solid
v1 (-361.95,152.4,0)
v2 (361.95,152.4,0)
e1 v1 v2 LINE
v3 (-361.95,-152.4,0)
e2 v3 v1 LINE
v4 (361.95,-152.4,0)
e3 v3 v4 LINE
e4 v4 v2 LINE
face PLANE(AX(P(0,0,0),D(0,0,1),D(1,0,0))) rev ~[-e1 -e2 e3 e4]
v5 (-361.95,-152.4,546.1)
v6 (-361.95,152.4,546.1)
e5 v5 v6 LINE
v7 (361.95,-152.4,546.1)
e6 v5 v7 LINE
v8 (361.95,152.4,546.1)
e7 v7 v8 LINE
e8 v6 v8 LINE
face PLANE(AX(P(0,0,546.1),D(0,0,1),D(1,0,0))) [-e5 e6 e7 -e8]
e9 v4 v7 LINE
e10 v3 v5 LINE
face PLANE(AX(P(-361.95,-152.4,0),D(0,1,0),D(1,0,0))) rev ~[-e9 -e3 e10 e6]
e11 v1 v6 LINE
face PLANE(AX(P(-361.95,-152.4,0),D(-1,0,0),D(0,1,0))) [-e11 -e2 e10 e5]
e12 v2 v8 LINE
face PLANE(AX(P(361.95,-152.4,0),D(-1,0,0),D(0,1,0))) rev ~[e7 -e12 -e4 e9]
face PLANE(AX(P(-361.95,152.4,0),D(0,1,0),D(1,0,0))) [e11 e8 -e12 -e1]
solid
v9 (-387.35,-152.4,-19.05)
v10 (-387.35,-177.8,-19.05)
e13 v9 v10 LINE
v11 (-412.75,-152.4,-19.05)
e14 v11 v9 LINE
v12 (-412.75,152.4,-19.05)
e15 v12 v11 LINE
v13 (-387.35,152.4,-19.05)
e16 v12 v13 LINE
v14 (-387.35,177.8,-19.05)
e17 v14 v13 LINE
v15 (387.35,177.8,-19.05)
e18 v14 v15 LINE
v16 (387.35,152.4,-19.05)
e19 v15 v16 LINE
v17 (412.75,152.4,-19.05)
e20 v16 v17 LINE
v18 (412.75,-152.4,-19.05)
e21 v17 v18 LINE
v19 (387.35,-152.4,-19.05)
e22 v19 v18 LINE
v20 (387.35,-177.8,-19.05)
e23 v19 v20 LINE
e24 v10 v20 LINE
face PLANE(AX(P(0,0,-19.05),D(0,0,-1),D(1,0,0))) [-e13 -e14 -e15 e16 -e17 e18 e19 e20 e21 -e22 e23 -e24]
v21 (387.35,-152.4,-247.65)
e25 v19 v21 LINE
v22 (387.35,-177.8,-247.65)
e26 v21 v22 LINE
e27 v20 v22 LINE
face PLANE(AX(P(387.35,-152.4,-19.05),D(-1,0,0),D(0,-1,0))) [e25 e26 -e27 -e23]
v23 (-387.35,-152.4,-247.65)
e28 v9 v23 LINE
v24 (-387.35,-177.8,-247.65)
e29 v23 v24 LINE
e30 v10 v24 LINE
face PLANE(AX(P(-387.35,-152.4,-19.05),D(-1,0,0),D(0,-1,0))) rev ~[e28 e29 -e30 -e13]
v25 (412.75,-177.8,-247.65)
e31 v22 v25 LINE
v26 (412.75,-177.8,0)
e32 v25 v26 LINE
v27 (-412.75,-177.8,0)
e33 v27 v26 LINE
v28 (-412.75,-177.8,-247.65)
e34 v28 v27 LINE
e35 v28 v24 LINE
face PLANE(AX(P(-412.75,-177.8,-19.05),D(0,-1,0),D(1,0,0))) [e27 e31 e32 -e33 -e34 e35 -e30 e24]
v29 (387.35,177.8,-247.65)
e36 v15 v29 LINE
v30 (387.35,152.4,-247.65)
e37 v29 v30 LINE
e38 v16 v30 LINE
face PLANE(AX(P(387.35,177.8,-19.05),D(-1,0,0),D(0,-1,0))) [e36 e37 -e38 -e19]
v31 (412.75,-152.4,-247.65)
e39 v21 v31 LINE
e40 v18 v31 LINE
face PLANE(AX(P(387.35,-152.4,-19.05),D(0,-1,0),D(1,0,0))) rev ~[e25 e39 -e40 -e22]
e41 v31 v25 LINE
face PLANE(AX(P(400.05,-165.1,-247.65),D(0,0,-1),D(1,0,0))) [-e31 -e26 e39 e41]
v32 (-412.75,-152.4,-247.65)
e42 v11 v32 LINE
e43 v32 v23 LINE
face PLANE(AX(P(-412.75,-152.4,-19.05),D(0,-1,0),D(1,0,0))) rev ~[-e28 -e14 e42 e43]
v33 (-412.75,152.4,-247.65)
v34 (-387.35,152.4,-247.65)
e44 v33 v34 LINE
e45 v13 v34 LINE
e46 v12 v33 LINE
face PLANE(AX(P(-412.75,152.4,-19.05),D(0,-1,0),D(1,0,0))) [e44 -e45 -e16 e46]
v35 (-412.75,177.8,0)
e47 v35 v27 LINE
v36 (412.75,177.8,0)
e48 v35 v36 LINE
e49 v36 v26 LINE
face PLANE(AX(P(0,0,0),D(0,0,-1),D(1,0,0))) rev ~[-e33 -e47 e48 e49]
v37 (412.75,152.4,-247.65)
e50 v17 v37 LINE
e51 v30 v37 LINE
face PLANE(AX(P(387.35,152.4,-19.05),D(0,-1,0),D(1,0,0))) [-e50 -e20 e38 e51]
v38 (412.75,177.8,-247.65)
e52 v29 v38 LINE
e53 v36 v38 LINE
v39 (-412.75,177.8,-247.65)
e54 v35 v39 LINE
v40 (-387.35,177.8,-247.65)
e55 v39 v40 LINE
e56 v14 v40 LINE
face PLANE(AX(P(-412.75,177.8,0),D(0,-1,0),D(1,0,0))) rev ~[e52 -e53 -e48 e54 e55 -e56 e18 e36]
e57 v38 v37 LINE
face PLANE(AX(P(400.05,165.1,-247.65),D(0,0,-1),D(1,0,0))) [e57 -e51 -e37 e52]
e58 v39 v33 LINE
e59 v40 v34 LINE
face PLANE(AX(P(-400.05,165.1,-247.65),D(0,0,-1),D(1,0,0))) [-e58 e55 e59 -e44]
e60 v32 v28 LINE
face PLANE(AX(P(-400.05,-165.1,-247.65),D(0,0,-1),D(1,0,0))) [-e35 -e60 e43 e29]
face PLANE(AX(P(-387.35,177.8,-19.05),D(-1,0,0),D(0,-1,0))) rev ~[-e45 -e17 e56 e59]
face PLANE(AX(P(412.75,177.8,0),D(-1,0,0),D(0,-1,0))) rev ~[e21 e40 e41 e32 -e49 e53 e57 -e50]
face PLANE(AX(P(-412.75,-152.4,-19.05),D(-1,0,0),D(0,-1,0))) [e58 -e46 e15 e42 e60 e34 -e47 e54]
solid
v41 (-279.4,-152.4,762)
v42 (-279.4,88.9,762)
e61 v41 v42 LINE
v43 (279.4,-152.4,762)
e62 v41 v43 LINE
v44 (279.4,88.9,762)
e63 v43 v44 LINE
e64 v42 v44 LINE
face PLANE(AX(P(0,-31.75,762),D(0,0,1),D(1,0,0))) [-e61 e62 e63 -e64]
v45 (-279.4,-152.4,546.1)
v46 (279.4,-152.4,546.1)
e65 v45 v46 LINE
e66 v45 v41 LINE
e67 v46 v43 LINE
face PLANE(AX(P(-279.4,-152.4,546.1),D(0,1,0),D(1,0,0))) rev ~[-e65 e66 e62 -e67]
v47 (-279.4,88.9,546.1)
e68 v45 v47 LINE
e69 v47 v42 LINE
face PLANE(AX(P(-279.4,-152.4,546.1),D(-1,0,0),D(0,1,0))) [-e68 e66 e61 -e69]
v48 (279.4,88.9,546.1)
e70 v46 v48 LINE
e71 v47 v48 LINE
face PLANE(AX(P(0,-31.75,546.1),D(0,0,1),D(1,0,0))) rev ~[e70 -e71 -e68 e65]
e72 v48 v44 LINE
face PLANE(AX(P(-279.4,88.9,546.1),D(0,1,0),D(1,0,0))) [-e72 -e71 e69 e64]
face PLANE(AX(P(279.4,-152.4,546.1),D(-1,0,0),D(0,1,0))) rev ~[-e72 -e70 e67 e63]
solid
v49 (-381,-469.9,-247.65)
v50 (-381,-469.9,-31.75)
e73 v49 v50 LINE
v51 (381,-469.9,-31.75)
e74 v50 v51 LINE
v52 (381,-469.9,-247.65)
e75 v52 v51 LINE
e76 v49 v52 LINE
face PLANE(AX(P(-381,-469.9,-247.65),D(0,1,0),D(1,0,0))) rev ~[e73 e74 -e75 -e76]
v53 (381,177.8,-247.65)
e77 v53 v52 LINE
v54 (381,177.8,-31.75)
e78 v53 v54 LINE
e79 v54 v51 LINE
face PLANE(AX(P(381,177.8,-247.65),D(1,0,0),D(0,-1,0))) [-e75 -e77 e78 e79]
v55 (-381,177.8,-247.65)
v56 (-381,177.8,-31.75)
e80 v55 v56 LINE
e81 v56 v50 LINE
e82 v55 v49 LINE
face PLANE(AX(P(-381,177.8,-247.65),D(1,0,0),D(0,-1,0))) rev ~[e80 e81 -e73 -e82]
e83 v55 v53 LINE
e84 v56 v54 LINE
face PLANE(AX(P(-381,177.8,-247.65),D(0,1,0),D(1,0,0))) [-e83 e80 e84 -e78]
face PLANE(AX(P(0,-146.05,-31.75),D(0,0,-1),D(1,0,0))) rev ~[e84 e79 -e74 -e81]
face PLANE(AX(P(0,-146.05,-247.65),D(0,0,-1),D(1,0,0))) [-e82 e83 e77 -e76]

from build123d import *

# Parameters (mm, degrees)
F0_W     = 723.9
F0_H     = 304.8
F1_DEPTH = 546.1
F2_W     = 558.8
F2_H     = 241.3
F3_DEPTH = 215.9
F4_W     = 825.5
F4_H     = 355.6
F5_DEPTH = 19.05
F6_W     = 25.4
F6_H     = 25.4
F7_DEPTH = 228.6
F8_W     = 762
F8_H     = 647.7
F9_DEPTH = 215.9


with BuildPart() as f1:
    # F0 (on Top) → F1 (new body)
    with BuildSketch(Plane.XY):
        Rectangle(F0_W, F0_H)
    extrude(amount=F1_DEPTH)


with BuildPart() as f3:
    # F2 (on face) → F3 (new body)
    with BuildSketch(Plane.XY.offset(546.1)):
        with Locations((0, -31.75)):
            Rectangle(F2_W, F2_H)
    extrude(amount=F3_DEPTH)


with BuildPart() as f5:
    # F4 (on face) → F5 (new body)
    with BuildSketch(Plane(origin=(0, 0, 0), x_dir=(1, 0, 0), z_dir=(0, 0, -1))):
        Rectangle(F4_W, F4_H)
    extrude(amount=F5_DEPTH)

    # F6 (on face) → F7 (join)
    with BuildSketch(Plane(origin=(0, 0, -19.05), x_dir=(1, 0, 0), z_dir=(0, 0, -1))):
        with Locations((-400.05, 165.1)):
            Rectangle(F6_W, F6_H)
        with Locations((-400.05, -165.1)):
            Rectangle(F6_W, F6_H)
        with Locations((400.05, -165.1)):
            Rectangle(F6_W, F6_H)
        with Locations((400.05, 165.1)):
            Rectangle(F6_W, F6_H)
    extrude(amount=F7_DEPTH)


with BuildPart() as f9:
    # F8 (on face) → F9 (new body)
    with BuildSketch(Plane(origin=(0, 0, -247.65), x_dir=(1, 0, 0), z_dir=(0, 0, -1))):
        with Locations((0, 146.05)):
            Rectangle(F8_W, F8_H)
    extrude(amount=-F9_DEPTH)


solid = Compound([f1.part, f3.part, f5.part, f9.part])
